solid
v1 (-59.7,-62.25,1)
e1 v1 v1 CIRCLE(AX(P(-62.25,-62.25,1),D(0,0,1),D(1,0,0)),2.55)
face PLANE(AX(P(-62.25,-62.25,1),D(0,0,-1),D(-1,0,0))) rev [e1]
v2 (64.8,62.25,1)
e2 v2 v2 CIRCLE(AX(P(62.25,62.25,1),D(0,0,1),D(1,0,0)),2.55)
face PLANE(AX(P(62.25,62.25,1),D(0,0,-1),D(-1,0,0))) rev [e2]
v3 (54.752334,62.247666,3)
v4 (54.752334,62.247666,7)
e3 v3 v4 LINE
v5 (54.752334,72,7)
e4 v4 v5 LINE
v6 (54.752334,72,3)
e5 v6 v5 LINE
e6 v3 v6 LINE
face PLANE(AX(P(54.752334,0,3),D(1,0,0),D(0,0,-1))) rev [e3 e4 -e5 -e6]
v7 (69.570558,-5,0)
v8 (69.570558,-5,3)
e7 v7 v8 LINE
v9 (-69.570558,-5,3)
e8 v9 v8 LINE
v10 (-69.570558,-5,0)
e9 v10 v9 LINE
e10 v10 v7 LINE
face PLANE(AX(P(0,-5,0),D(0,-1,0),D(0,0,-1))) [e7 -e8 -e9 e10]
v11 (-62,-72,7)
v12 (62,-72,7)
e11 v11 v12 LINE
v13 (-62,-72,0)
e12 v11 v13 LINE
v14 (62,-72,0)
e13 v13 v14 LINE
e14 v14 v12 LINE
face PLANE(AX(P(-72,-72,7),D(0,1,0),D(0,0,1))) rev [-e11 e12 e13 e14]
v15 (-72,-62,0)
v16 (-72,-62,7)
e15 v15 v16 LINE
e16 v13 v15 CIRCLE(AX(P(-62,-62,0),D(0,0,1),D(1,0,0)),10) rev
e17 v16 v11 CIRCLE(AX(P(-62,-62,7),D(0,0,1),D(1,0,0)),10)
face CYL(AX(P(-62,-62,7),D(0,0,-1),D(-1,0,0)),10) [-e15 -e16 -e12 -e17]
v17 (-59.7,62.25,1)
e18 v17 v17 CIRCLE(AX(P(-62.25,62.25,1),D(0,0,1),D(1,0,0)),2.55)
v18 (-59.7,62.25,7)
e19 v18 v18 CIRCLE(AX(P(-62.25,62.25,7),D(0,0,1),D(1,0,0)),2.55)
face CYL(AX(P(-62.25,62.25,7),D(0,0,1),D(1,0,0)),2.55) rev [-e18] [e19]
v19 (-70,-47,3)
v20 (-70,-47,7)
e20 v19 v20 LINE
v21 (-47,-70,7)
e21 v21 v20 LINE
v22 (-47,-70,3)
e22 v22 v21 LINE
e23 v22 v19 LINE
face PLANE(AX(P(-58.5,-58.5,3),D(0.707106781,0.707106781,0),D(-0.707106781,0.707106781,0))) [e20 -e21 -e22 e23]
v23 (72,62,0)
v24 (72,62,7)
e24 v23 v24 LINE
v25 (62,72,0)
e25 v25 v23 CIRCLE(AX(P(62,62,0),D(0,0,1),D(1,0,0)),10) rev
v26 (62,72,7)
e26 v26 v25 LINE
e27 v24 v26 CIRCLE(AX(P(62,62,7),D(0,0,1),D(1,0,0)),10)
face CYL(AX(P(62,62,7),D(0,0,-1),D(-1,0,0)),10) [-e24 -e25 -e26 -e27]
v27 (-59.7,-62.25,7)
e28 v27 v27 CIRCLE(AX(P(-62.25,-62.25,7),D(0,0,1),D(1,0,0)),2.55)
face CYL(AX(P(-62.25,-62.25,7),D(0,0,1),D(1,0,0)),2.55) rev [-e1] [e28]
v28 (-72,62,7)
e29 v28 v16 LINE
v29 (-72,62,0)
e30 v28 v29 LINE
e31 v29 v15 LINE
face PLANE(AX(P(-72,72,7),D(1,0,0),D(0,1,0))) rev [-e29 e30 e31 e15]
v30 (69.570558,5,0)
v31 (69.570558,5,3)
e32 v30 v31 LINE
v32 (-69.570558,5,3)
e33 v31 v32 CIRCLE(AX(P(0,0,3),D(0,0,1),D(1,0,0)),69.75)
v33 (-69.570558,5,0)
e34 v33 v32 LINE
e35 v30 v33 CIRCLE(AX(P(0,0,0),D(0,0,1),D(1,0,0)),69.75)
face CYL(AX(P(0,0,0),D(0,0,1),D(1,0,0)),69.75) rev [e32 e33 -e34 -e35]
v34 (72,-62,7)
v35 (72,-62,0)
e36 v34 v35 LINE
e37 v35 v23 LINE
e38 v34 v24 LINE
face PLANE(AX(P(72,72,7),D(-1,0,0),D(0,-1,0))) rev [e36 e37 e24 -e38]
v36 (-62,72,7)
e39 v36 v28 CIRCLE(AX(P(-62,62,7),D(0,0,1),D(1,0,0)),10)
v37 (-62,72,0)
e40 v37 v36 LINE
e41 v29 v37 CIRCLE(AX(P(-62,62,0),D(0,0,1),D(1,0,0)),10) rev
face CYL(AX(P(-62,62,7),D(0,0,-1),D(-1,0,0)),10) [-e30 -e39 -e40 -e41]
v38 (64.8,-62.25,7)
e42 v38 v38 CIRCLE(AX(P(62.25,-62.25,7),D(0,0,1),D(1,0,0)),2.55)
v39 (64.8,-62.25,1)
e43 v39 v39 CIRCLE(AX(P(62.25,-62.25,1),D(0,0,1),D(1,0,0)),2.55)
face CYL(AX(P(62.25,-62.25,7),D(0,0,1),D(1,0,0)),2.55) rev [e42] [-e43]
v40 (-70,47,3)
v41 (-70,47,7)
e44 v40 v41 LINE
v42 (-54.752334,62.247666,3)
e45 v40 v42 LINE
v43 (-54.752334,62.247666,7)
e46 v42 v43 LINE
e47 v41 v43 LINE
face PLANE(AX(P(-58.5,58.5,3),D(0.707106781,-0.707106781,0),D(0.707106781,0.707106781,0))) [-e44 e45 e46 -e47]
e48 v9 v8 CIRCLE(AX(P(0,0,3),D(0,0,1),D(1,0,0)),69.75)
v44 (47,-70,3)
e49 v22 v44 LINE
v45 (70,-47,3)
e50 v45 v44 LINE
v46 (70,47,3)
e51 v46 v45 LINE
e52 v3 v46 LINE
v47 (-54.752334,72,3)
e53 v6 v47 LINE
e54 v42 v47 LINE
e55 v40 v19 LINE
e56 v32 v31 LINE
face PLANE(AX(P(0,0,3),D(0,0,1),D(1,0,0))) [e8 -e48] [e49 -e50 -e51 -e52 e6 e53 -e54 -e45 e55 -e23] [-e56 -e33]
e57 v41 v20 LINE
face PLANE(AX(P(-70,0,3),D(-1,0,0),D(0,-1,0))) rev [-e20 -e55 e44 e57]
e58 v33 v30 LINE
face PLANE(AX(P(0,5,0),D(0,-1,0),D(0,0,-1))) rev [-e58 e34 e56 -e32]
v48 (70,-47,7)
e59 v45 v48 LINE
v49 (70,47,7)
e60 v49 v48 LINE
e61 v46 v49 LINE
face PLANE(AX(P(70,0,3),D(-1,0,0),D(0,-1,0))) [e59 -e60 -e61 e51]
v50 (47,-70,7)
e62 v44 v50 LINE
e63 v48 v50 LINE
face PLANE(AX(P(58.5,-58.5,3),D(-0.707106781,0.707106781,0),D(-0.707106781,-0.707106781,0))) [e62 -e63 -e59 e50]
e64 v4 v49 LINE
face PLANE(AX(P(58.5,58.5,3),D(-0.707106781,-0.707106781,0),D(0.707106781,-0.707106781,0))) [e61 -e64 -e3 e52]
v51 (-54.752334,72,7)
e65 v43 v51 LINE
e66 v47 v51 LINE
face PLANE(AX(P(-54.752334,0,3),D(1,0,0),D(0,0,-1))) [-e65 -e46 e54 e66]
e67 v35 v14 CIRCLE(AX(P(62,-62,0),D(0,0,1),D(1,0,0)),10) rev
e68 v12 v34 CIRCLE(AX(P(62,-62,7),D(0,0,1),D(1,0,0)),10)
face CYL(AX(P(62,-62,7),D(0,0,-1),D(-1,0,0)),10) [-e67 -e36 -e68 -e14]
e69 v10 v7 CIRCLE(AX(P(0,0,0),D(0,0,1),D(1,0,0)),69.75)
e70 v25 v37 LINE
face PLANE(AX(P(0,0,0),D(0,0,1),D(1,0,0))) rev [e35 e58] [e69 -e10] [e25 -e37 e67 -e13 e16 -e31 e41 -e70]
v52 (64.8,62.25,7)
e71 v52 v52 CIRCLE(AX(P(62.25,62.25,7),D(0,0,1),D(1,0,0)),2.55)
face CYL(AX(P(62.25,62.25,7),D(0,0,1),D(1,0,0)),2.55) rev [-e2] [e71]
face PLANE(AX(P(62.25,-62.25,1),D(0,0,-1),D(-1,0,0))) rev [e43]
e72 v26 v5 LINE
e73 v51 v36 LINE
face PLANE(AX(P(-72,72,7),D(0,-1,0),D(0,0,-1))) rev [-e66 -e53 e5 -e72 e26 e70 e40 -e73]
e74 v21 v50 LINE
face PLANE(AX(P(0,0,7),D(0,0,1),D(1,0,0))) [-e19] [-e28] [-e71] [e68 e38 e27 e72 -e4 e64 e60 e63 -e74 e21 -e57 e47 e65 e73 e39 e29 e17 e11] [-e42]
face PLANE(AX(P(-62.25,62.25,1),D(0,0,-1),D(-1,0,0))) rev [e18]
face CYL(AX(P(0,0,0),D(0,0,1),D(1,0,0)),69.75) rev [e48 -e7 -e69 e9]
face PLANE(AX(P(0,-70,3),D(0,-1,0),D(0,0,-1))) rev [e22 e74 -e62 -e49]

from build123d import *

# Parameters (mm, degrees)
SKICA1_W                          = 144
SKICA1_H                          = 144
P_IDAT_VYSUNUT_M1_DEPTH           = 7
D_RY_PRO_KOL_K_VELIKOST_MM1_D     = 5.1
D_RY_PRO_KOL_K_VELIKOST_MM1_DEPTH = 6
ODEBRAT_VYSUNUT_M1_DEPTH          = 4
ODEBRAT_VYSUNUT_M2_DEPTH          = 102.901913623
ZAOBLIT1_R                        = 10


with BuildPart() as part:
    # Skica1 → Přidat vysunutím1 (new body)
    with BuildSketch(Plane.XY):
        Rectangle(SKICA1_W, SKICA1_H)
    extrude(amount=P_IDAT_VYSUNUT_M1_DEPTH)

    # Díry pro kolík, velikost mm1
    with Locations(Plane.XY.offset(7)):
        with Locations((-62.25, -62.25), (-62.25, 62.25), (62.25, 62.25), (62.25, -62.25)):
            Hole(D_RY_PRO_KOL_K_VELIKOST_MM1_D / 2, depth=D_RY_PRO_KOL_K_VELIKOST_MM1_DEPTH)

    # Skica5 → Odebrat vysunutím1 (cut)
    with BuildSketch(Plane.XY.offset(7)):
        Polygon((-70, -47), (-47, -70), (47, -70), (70, -47), (70, 47), (54.75233406, 62.24766594), (54.75233406, 72), (-54.75233406, 72), (-54.75233406, 62.24766594), (-70, 47), align=None)
    extrude(amount=-ODEBRAT_VYSUNUT_M1_DEPTH, mode=Mode.SUBTRACT)

    # Skica6 → Odebrat vysunutím2 (cut, through all)
    with BuildSketch(Plane.XY.offset(3)):
        with BuildLine():
            ThreePointArc((69.570557709, 5), (0, 69.75), (-69.570557709, 5))
            Line((-69.570557709, 5), (69.570557709, 5))
        make_face()
        with BuildLine():
            Line((69.570557709, -5), (-69.570557709, -5))
            ThreePointArc((-69.570557709, -5), (0, -69.75), (69.570557709, -5))
        make_face()
    extrude(amount=-ODEBRAT_VYSUNUT_M2_DEPTH, mode=Mode.SUBTRACT)

    # Zaoblit1
    zaoblit1_edges = [part.edges().sort_by_distance(p)[0] for p in [
        (72, -72, 3.5),
        (-72, -72, 3.5),
        (-72, 72, 3.5),
        (72, 72, 3.5),
    ]]
    fillet(zaoblit1_edges, radius=ZAOBLIT1_R)


solid = part.part
